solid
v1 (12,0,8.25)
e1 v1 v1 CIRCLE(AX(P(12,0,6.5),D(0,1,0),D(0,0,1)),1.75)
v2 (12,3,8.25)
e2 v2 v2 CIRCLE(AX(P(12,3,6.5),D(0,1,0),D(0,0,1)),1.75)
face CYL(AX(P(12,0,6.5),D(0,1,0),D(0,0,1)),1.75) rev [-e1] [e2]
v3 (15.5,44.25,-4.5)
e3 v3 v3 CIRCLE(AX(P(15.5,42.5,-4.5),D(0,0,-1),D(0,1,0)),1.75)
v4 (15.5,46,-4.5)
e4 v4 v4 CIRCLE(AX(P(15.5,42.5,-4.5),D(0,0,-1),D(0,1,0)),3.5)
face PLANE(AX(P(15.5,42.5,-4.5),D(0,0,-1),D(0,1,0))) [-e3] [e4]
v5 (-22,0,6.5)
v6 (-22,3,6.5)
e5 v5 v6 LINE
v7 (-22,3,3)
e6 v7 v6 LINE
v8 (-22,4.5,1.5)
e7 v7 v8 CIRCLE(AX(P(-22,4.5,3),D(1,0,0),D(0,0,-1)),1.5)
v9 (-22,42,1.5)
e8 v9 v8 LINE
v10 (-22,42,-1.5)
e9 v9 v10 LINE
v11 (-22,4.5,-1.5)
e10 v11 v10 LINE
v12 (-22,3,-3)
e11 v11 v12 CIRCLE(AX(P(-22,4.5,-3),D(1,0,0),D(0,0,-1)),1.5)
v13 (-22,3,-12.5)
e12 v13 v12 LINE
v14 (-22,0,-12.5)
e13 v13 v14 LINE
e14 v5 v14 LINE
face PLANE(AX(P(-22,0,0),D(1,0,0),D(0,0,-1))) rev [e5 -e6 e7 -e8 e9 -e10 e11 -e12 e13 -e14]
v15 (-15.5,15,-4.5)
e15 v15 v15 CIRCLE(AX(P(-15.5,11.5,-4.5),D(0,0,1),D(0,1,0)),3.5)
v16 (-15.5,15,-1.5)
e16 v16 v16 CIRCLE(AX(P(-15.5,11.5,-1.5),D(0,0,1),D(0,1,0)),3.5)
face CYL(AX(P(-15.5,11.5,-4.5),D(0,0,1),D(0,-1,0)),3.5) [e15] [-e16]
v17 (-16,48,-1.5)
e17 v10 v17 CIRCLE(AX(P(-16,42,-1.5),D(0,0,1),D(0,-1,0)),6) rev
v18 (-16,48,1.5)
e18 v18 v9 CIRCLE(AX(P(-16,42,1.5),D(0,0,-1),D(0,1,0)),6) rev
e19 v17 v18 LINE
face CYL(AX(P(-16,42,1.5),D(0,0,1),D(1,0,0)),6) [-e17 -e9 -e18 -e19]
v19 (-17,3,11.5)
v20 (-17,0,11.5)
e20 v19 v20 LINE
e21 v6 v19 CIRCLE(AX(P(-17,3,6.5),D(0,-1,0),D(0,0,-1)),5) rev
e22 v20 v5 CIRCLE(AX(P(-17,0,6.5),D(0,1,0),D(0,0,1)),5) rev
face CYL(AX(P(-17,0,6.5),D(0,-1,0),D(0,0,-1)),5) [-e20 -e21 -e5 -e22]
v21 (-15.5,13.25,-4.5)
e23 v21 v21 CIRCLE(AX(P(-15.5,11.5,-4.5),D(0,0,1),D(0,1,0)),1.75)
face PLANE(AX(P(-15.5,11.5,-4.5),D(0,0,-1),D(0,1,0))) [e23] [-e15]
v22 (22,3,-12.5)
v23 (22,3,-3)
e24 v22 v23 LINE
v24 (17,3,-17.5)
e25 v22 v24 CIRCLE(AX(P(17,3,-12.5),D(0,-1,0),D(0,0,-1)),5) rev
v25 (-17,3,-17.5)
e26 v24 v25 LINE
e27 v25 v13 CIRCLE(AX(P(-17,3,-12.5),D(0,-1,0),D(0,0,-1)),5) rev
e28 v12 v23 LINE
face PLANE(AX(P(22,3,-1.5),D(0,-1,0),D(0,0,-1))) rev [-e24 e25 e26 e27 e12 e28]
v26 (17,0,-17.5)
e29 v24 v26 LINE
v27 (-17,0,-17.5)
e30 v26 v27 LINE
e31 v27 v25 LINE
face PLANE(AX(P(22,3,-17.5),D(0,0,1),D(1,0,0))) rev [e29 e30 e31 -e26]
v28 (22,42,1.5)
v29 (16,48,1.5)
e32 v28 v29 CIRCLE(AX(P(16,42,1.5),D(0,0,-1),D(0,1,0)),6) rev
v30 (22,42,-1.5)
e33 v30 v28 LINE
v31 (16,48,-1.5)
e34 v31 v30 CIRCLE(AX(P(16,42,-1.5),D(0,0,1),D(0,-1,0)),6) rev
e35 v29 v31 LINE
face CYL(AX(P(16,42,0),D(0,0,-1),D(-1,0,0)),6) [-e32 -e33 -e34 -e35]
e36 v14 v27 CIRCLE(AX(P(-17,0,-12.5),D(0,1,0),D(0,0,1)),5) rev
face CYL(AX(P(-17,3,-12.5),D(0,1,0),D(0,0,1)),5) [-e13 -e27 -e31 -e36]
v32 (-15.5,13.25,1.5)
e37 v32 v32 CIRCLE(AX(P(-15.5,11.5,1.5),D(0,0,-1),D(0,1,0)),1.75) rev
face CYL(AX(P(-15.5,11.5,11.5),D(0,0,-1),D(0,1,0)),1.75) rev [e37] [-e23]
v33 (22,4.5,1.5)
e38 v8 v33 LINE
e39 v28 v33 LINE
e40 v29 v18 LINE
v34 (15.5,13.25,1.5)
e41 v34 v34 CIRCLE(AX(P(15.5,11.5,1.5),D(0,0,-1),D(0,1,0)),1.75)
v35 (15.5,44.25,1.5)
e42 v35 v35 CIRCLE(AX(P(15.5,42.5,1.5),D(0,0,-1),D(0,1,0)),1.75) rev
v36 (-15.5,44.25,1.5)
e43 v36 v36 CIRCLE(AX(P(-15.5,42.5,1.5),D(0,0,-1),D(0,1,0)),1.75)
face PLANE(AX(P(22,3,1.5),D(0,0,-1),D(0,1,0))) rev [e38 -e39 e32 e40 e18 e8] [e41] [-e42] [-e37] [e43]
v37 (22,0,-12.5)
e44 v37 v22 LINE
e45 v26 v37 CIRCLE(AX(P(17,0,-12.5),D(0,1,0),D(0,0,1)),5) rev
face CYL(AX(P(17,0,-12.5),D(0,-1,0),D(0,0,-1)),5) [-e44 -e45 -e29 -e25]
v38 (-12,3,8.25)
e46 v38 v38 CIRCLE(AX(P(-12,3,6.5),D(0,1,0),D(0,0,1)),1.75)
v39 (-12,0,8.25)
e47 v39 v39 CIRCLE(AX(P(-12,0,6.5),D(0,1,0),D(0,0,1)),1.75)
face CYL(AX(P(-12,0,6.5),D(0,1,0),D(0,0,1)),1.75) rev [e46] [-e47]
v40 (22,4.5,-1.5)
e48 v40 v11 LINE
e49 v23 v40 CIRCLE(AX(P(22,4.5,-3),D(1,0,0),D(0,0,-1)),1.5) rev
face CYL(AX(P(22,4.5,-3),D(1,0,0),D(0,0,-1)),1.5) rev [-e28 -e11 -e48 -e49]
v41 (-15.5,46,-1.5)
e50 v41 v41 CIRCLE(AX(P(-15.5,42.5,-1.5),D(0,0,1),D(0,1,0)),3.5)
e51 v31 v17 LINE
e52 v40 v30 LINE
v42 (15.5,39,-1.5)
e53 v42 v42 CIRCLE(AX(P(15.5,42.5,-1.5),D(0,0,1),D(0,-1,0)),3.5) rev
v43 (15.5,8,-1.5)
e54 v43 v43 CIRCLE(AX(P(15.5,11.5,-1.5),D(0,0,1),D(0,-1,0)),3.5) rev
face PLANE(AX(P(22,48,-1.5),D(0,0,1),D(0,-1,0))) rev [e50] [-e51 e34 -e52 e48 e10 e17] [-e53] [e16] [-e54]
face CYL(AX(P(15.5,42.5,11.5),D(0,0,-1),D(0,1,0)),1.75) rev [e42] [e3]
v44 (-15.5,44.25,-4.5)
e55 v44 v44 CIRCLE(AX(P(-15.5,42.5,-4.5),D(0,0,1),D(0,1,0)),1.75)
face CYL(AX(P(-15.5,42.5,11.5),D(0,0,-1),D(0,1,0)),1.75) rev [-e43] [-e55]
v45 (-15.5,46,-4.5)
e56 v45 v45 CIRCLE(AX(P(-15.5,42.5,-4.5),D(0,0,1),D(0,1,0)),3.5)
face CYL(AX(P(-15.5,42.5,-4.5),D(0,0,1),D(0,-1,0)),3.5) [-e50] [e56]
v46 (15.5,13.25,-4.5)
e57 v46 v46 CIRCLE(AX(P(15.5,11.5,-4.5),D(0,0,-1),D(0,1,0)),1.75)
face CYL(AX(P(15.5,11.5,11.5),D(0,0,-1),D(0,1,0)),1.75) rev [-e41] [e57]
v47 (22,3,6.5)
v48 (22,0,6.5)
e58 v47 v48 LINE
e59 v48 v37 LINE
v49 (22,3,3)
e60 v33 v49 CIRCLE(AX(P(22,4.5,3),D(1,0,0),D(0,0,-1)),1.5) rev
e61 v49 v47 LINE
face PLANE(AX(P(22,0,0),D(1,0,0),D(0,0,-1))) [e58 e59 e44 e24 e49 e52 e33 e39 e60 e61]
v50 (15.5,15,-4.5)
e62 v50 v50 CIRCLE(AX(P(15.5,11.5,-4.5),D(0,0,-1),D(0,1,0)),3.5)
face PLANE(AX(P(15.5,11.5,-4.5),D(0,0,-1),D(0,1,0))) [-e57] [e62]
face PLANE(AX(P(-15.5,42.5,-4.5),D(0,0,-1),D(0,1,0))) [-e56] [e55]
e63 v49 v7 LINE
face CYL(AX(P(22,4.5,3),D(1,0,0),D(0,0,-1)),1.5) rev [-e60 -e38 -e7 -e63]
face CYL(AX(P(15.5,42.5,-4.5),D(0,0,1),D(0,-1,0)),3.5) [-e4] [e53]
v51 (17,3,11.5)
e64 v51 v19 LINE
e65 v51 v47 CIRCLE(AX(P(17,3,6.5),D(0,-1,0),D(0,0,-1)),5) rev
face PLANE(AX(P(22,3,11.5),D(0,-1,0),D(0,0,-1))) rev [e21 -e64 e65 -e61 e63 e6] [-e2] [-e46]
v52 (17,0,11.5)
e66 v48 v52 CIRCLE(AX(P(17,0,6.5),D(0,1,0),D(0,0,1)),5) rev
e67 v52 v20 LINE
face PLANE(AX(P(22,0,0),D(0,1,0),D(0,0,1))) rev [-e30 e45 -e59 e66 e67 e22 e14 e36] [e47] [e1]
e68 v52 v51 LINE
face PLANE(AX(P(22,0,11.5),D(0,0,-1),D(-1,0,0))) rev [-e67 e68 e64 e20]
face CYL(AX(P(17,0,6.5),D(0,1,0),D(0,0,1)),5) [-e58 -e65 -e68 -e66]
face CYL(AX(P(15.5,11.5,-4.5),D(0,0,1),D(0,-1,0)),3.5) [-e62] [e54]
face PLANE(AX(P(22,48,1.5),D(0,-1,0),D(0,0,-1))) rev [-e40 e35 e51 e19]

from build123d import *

# Parameters (mm, degrees)
SALIENTE_EXTRUIR1_DEPTH = 22
CROQUIS4_R              = 1.75
CORTAR_EXTRUIR1_DEPTH   = 56.172456897
CROQUIS5_R              = 1.75
CORTAR_EXTRUIR2_DEPTH   = 54.058929503
REDONDEO1_R             = 6
REDONDEO2_R             = 5
REDONDEO3_R             = 1.5
SALIENTE_EXTRUIR2_START = 3
CROQUIS6_R              = 3.5
CROQUIS6_R_2            = 1.75
SALIENTE_EXTRUIR2_DEPTH = 3


with BuildPart() as part:
    # Croquis3 → Saliente-Extruir1 (new, symmetric)
    with BuildSketch(Plane(origin=(0, 0, 0), x_dir=(0, 0, -1), z_dir=(1, 0, 0))):
        Polygon((-11.5, 0), (-11.5, 3), (-1.5, 3), (-1.5, 48), (1.5, 48), (1.5, 3), (17.5, 3), (17.5, 0), (0, 0), align=None)
    extrude(amount=SALIENTE_EXTRUIR1_DEPTH, both=True)

    # Croquis4 → Cortar-Extruir1 (cut, through all)
    with BuildSketch(Plane(origin=(0, 0, -1.5), x_dir=(-1, 0, 0), z_dir=(0, 0, -1))):
        with Locations(Location((15.5, 42.5, 0), (0, 0, 90))):
            Circle(CROQUIS4_R)
        with Locations(Location((-15.5, 11.5, 0), (0, 0, 90))):
            Circle(CROQUIS4_R)
    cortar_extruir1 = extrude(amount=-CORTAR_EXTRUIR1_DEPTH, mode=Mode.SUBTRACT)

    # Simetría1: Cortar-Extruir1 across plane
    add(cortar_extruir1.mirror(Plane(origin=(0, 0, 0), x_dir=(0, 0, 1), z_dir=(1, 0, 0))), mode=Mode.SUBTRACT)

    # Croquis5 → Cortar-Extruir2 (cut, through all)
    with BuildSketch(Plane(origin=(0, 3, 0), x_dir=(1, 0, 0), z_dir=(0, 1, 0))):
        with Locations(Location((-12, -6.5, 0), (0, 0, 270))):
            Circle(CROQUIS5_R)
        with Locations(Location((12, -6.5, 0), (0, 0, 270))):
            Circle(CROQUIS5_R)
    extrude(amount=-CORTAR_EXTRUIR2_DEPTH, mode=Mode.SUBTRACT)

    # Redondeo1
    redondeo1_edges = [part.edges().sort_by_distance(p)[0] for p in [
        (-22, 48, 0),
        (22, 48, 0),
    ]]
    fillet(redondeo1_edges, radius=REDONDEO1_R)

    # Redondeo2
    redondeo2_edges = [part.edges().sort_by_distance(p)[0] for p in [
        (-22, 1.5, 11.5),
        (-22, 1.5, -17.5),
        (22, 1.5, 11.5),
        (22, 1.5, -17.5),
    ]]
    fillet(redondeo2_edges, radius=REDONDEO2_R)

    # Redondeo3
    redondeo3_edges = [part.edges().sort_by_distance(p)[0] for p in [
        (0, 3, 1.5),
        (0, 3, -1.5),
    ]]
    fillet(redondeo3_edges, radius=REDONDEO3_R)

    # Croquis6 → Saliente-Extruir2 (add)
    # profile 1 of 2: a face of its own
    with BuildSketch(Plane(origin=(0, 0, -1.5), x_dir=(-1, 0, 0), z_dir=(0, 0, -1)).offset(SALIENTE_EXTRUIR2_START)):
        with Locations(Location((-15.5, 42.5, 0), (0, 0, 270))):
            Circle(CROQUIS6_R)
        with Locations(Location((-15.5, 42.5, 0), (0, 0, 90))):
            Circle(CROQUIS6_R_2, mode=Mode.SUBTRACT)
    # profile 2 of 2: a face of its own
    with BuildSketch(Plane(origin=(0, 0, -1.5), x_dir=(-1, 0, 0), z_dir=(0, 0, -1)).offset(SALIENTE_EXTRUIR2_START)):
        with Locations(Location((-15.5, 11.5, 0), (0, 0, 270))):
            Circle(CROQUIS6_R)
        with Locations(Location((-15.5, 11.5, 0), (0, 0, 90))):
            Circle(CROQUIS6_R_2, mode=Mode.SUBTRACT)
    saliente_extruir2 = extrude(amount=-SALIENTE_EXTRUIR2_DEPTH)

    # Simetría2: Saliente-Extruir2 across plane
    add(saliente_extruir2.mirror(Plane(origin=(0, 0, 0), x_dir=(0, 0, 1), z_dir=(1, 0, 0))))


solid = part.part
